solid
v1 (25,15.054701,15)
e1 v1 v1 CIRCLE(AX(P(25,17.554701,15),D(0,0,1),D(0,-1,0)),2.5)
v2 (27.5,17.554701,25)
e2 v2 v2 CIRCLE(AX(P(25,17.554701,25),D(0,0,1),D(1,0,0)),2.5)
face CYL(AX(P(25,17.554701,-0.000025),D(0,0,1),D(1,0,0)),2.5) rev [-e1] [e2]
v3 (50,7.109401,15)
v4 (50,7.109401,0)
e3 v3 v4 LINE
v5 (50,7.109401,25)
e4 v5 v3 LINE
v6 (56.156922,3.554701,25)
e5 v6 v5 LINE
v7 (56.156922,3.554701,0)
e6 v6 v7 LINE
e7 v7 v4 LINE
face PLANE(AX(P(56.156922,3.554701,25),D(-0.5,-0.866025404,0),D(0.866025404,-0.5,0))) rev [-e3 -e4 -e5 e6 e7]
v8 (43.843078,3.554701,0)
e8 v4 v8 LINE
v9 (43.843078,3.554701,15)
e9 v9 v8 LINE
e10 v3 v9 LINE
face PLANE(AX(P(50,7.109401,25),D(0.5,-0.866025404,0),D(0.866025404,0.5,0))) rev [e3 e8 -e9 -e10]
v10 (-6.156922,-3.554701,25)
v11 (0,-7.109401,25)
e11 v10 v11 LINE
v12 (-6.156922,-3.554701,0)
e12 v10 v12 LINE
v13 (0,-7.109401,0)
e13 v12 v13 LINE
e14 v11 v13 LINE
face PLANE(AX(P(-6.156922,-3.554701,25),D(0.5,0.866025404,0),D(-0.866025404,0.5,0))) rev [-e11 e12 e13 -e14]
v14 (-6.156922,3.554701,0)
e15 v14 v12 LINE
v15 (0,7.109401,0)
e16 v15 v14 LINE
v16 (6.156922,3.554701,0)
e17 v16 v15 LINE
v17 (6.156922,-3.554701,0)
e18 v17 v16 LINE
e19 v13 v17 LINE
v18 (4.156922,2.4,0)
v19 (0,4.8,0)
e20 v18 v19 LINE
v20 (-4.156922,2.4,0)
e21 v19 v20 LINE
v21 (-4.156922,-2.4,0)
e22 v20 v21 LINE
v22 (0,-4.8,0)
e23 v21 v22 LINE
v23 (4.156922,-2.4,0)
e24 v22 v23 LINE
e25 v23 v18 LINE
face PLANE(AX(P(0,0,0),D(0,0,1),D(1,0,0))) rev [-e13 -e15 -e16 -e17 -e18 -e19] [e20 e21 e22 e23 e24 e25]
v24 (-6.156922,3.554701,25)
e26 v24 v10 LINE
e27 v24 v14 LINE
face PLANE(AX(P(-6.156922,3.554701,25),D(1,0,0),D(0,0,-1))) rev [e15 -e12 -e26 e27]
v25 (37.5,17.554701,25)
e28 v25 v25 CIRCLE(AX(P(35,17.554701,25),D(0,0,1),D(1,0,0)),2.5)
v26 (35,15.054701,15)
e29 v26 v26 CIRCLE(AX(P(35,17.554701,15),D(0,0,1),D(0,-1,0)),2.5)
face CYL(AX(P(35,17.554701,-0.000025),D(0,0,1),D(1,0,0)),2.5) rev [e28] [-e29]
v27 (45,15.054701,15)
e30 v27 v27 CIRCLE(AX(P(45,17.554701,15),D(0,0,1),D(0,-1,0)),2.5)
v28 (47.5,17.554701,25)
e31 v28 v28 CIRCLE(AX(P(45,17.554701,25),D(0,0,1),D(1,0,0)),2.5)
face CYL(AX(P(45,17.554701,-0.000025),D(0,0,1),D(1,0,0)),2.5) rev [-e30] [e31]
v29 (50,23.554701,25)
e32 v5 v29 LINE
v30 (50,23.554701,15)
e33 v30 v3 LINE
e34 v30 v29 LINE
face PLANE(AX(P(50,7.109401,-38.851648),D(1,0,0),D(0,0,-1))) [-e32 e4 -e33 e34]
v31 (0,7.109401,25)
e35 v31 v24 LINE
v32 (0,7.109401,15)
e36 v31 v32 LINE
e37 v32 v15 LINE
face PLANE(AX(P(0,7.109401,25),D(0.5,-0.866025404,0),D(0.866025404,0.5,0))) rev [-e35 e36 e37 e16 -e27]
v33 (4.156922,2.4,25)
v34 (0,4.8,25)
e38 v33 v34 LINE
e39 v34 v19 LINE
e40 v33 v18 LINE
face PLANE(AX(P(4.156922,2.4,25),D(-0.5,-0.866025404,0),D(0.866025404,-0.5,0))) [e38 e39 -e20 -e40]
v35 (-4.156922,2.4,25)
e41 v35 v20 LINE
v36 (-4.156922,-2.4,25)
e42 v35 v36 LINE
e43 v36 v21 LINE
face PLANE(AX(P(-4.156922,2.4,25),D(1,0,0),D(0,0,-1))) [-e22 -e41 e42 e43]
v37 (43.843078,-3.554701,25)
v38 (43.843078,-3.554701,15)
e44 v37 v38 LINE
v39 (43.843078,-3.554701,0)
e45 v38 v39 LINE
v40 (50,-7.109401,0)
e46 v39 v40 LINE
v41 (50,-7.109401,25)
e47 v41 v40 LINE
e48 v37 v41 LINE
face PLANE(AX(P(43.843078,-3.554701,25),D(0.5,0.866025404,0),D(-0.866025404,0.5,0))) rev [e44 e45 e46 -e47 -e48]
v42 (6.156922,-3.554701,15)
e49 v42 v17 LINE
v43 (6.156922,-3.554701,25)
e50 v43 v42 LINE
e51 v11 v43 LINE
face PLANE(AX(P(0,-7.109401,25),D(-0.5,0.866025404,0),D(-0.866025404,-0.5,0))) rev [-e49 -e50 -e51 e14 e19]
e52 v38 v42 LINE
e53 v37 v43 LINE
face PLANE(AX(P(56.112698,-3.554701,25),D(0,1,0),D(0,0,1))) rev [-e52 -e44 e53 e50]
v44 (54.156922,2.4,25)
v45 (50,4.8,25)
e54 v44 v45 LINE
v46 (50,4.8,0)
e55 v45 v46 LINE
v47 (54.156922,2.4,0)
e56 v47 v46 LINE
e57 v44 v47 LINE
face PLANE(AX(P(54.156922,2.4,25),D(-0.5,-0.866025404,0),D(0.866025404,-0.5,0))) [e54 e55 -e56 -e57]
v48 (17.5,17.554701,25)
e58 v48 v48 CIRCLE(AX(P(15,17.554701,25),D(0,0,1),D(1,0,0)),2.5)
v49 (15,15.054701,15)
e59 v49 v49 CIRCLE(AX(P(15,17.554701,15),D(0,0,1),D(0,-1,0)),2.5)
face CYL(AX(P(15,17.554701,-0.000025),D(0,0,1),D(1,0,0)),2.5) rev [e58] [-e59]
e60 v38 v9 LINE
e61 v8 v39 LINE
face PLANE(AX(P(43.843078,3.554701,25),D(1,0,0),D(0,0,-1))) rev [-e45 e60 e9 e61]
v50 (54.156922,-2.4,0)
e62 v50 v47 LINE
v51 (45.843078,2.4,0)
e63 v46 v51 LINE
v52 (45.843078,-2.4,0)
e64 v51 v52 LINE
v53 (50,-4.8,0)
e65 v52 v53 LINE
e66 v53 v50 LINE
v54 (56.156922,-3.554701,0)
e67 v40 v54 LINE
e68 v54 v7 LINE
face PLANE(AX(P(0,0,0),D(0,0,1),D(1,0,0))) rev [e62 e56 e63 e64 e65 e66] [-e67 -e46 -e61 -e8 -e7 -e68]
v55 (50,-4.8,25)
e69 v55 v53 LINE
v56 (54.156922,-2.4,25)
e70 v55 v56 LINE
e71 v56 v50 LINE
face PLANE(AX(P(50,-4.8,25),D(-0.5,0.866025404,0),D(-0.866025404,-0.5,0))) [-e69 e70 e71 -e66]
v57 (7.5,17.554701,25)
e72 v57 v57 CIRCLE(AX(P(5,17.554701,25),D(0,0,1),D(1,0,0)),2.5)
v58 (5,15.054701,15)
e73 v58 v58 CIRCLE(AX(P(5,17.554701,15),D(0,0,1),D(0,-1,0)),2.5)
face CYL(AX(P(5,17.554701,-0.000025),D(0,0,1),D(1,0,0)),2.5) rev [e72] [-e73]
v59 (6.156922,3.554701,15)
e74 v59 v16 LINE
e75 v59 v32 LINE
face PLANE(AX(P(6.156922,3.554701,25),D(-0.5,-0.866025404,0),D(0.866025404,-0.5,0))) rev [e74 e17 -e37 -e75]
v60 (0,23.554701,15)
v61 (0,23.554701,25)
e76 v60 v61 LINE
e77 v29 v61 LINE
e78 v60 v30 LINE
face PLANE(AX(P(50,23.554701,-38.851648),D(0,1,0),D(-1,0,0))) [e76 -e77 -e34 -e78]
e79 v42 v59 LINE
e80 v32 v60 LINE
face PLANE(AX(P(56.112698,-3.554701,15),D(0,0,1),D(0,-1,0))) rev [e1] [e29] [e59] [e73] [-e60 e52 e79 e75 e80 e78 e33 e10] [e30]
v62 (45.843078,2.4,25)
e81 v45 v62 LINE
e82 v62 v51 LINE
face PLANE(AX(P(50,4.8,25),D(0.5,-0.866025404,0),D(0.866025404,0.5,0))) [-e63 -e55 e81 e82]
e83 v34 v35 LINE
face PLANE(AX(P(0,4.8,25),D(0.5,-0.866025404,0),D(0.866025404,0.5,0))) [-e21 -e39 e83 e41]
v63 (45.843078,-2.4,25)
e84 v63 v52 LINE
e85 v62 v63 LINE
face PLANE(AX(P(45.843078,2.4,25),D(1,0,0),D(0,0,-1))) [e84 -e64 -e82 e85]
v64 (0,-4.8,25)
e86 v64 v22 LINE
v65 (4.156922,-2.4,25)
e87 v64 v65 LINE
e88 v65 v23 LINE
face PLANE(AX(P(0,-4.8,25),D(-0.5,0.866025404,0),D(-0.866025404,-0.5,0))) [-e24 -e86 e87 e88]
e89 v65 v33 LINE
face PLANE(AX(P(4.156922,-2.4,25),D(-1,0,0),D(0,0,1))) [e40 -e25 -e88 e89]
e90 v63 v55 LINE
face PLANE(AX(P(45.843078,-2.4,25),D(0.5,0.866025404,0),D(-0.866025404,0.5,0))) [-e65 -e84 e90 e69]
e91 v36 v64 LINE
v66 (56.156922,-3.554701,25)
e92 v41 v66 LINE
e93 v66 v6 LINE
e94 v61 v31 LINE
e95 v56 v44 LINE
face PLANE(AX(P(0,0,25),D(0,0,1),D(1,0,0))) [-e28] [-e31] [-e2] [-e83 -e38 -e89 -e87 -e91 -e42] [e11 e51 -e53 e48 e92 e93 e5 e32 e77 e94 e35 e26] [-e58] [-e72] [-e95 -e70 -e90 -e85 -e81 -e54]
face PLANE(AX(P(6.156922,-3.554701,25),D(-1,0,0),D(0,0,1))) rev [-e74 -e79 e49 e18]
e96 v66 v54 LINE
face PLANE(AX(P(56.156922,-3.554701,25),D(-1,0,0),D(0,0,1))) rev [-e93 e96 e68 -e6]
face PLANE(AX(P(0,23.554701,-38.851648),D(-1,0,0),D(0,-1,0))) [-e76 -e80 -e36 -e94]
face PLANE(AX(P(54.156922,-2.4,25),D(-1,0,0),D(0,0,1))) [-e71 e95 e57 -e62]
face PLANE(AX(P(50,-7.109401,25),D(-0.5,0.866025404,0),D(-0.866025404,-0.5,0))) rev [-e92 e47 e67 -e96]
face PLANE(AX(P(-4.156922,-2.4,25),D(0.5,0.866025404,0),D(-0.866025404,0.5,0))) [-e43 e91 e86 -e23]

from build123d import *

# Parameters (mm, degrees)
BOSS_EXTRUDE1_DEPTH   = 25
BOSS_EXTRUDE1_2_DEPTH = 25
BOSS_EXTRUDE2_REACH   = 58.352
SKETCH2_W             = 10
SKETCH2_H             = 7.109401076
BOSS_EXTRUDE3_DEPTH   = 10
SKETCH4_R             = 2.5
CUT_EXTRUDE1_DEPTH    = 66.828745993


with BuildPart() as part:
    # Sketch1 → Boss-Extrude1 (new body)
    with BuildSketch(Plane.XY):
        Polygon((-6.156921938, -3.554700538), (0, -7.109401077), (6.156921938, -3.554700538), (6.156921938, 3.554700538), (0, 7.109401077), (-6.156921938, 3.554700538), align=None)
        Polygon((-4.156921938, 2.4), (-4.156921938, -2.4), (0, -4.8), (4.156921938, -2.4), (4.156921938, 2.4), (0, 4.8), align=None, mode=Mode.SUBTRACT)
    extrude(amount=BOSS_EXTRUDE1_DEPTH)


with BuildPart() as body_2:
    # Sketch1 → Boss-Extrude1 2 (new body)
    with BuildSketch(Plane.XY):
        Polygon((43.843078062, -3.554700538), (50, -7.109401077), (56.156921938, -3.554700538), (56.156921938, 3.554700538), (50, 7.109401077), (43.843078062, 3.554700538), align=None)
        Polygon((45.843078062, -2.4), (50, -4.8), (54.156921938, -2.4), (54.156921938, 2.4), (50, 4.8), (45.843078062, 2.4), align=None, mode=Mode.SUBTRACT)
    extrude(amount=BOSS_EXTRUDE1_2_DEPTH)

    # Boss-Extrude2: up to this face of the body (flat: up to its plane)
    boss_extrude2_end = Plane(body_2.part.faces().sort_by_distance((43.843078062, 0, 12.5))[0])
    # Sketch2 → Boss-Extrude2 (add, up to the picked face)
    with BuildSketch(Plane(origin=(6.156921938, 0, 0), x_dir=(0, 0, -1), z_dir=(1, 0, 0)), mode=Mode.PRIVATE) as boss_extrude2_sk1:
        with Locations((-20, 0)):
            Rectangle(SKETCH2_W, SKETCH2_H)
    boss_extrude2_tool1 = split(extrude(boss_extrude2_sk1.sketch, amount=BOSS_EXTRUDE2_REACH, mode=Mode.PRIVATE), bisect_by=boss_extrude2_end, keep=Keep.BOTH, mode=Mode.PRIVATE)

    add(part.part)  # Boss-Extrude2 merges part
    add(boss_extrude2_tool1.solids().sort_by(Axis((6.156922, 0, 20), (1, 0, 0)))[0])

    # Sketch3 → Boss-Extrude3 (add)
    with BuildSketch(Plane.XY.offset(25)):
        Polygon((50, 7.109401077), (50, 23.554700538), (0, 23.554700538), (0, 7.109401077), (6.156921938, 3.554700538), (43.843078062, 3.554700538), align=None)
    extrude(amount=-BOSS_EXTRUDE3_DEPTH)

    # Sketch4 → Cut-Extrude1 (cut, through all)
    with BuildSketch(Plane.XY.offset(25)):
        with Locations((25, 17.554700538)):
            Circle(SKETCH4_R)
        with Locations((35, 17.554700538)):
            Circle(SKETCH4_R)
        with Locations((45, 17.554700538)):
            Circle(SKETCH4_R)
        with Locations((15, 17.554700538)):
            Circle(SKETCH4_R)
        with Locations((5, 17.554700538)):
            Circle(SKETCH4_R)
    extrude(amount=-CUT_EXTRUDE1_DEPTH, mode=Mode.SUBTRACT)


solid = body_2.part
